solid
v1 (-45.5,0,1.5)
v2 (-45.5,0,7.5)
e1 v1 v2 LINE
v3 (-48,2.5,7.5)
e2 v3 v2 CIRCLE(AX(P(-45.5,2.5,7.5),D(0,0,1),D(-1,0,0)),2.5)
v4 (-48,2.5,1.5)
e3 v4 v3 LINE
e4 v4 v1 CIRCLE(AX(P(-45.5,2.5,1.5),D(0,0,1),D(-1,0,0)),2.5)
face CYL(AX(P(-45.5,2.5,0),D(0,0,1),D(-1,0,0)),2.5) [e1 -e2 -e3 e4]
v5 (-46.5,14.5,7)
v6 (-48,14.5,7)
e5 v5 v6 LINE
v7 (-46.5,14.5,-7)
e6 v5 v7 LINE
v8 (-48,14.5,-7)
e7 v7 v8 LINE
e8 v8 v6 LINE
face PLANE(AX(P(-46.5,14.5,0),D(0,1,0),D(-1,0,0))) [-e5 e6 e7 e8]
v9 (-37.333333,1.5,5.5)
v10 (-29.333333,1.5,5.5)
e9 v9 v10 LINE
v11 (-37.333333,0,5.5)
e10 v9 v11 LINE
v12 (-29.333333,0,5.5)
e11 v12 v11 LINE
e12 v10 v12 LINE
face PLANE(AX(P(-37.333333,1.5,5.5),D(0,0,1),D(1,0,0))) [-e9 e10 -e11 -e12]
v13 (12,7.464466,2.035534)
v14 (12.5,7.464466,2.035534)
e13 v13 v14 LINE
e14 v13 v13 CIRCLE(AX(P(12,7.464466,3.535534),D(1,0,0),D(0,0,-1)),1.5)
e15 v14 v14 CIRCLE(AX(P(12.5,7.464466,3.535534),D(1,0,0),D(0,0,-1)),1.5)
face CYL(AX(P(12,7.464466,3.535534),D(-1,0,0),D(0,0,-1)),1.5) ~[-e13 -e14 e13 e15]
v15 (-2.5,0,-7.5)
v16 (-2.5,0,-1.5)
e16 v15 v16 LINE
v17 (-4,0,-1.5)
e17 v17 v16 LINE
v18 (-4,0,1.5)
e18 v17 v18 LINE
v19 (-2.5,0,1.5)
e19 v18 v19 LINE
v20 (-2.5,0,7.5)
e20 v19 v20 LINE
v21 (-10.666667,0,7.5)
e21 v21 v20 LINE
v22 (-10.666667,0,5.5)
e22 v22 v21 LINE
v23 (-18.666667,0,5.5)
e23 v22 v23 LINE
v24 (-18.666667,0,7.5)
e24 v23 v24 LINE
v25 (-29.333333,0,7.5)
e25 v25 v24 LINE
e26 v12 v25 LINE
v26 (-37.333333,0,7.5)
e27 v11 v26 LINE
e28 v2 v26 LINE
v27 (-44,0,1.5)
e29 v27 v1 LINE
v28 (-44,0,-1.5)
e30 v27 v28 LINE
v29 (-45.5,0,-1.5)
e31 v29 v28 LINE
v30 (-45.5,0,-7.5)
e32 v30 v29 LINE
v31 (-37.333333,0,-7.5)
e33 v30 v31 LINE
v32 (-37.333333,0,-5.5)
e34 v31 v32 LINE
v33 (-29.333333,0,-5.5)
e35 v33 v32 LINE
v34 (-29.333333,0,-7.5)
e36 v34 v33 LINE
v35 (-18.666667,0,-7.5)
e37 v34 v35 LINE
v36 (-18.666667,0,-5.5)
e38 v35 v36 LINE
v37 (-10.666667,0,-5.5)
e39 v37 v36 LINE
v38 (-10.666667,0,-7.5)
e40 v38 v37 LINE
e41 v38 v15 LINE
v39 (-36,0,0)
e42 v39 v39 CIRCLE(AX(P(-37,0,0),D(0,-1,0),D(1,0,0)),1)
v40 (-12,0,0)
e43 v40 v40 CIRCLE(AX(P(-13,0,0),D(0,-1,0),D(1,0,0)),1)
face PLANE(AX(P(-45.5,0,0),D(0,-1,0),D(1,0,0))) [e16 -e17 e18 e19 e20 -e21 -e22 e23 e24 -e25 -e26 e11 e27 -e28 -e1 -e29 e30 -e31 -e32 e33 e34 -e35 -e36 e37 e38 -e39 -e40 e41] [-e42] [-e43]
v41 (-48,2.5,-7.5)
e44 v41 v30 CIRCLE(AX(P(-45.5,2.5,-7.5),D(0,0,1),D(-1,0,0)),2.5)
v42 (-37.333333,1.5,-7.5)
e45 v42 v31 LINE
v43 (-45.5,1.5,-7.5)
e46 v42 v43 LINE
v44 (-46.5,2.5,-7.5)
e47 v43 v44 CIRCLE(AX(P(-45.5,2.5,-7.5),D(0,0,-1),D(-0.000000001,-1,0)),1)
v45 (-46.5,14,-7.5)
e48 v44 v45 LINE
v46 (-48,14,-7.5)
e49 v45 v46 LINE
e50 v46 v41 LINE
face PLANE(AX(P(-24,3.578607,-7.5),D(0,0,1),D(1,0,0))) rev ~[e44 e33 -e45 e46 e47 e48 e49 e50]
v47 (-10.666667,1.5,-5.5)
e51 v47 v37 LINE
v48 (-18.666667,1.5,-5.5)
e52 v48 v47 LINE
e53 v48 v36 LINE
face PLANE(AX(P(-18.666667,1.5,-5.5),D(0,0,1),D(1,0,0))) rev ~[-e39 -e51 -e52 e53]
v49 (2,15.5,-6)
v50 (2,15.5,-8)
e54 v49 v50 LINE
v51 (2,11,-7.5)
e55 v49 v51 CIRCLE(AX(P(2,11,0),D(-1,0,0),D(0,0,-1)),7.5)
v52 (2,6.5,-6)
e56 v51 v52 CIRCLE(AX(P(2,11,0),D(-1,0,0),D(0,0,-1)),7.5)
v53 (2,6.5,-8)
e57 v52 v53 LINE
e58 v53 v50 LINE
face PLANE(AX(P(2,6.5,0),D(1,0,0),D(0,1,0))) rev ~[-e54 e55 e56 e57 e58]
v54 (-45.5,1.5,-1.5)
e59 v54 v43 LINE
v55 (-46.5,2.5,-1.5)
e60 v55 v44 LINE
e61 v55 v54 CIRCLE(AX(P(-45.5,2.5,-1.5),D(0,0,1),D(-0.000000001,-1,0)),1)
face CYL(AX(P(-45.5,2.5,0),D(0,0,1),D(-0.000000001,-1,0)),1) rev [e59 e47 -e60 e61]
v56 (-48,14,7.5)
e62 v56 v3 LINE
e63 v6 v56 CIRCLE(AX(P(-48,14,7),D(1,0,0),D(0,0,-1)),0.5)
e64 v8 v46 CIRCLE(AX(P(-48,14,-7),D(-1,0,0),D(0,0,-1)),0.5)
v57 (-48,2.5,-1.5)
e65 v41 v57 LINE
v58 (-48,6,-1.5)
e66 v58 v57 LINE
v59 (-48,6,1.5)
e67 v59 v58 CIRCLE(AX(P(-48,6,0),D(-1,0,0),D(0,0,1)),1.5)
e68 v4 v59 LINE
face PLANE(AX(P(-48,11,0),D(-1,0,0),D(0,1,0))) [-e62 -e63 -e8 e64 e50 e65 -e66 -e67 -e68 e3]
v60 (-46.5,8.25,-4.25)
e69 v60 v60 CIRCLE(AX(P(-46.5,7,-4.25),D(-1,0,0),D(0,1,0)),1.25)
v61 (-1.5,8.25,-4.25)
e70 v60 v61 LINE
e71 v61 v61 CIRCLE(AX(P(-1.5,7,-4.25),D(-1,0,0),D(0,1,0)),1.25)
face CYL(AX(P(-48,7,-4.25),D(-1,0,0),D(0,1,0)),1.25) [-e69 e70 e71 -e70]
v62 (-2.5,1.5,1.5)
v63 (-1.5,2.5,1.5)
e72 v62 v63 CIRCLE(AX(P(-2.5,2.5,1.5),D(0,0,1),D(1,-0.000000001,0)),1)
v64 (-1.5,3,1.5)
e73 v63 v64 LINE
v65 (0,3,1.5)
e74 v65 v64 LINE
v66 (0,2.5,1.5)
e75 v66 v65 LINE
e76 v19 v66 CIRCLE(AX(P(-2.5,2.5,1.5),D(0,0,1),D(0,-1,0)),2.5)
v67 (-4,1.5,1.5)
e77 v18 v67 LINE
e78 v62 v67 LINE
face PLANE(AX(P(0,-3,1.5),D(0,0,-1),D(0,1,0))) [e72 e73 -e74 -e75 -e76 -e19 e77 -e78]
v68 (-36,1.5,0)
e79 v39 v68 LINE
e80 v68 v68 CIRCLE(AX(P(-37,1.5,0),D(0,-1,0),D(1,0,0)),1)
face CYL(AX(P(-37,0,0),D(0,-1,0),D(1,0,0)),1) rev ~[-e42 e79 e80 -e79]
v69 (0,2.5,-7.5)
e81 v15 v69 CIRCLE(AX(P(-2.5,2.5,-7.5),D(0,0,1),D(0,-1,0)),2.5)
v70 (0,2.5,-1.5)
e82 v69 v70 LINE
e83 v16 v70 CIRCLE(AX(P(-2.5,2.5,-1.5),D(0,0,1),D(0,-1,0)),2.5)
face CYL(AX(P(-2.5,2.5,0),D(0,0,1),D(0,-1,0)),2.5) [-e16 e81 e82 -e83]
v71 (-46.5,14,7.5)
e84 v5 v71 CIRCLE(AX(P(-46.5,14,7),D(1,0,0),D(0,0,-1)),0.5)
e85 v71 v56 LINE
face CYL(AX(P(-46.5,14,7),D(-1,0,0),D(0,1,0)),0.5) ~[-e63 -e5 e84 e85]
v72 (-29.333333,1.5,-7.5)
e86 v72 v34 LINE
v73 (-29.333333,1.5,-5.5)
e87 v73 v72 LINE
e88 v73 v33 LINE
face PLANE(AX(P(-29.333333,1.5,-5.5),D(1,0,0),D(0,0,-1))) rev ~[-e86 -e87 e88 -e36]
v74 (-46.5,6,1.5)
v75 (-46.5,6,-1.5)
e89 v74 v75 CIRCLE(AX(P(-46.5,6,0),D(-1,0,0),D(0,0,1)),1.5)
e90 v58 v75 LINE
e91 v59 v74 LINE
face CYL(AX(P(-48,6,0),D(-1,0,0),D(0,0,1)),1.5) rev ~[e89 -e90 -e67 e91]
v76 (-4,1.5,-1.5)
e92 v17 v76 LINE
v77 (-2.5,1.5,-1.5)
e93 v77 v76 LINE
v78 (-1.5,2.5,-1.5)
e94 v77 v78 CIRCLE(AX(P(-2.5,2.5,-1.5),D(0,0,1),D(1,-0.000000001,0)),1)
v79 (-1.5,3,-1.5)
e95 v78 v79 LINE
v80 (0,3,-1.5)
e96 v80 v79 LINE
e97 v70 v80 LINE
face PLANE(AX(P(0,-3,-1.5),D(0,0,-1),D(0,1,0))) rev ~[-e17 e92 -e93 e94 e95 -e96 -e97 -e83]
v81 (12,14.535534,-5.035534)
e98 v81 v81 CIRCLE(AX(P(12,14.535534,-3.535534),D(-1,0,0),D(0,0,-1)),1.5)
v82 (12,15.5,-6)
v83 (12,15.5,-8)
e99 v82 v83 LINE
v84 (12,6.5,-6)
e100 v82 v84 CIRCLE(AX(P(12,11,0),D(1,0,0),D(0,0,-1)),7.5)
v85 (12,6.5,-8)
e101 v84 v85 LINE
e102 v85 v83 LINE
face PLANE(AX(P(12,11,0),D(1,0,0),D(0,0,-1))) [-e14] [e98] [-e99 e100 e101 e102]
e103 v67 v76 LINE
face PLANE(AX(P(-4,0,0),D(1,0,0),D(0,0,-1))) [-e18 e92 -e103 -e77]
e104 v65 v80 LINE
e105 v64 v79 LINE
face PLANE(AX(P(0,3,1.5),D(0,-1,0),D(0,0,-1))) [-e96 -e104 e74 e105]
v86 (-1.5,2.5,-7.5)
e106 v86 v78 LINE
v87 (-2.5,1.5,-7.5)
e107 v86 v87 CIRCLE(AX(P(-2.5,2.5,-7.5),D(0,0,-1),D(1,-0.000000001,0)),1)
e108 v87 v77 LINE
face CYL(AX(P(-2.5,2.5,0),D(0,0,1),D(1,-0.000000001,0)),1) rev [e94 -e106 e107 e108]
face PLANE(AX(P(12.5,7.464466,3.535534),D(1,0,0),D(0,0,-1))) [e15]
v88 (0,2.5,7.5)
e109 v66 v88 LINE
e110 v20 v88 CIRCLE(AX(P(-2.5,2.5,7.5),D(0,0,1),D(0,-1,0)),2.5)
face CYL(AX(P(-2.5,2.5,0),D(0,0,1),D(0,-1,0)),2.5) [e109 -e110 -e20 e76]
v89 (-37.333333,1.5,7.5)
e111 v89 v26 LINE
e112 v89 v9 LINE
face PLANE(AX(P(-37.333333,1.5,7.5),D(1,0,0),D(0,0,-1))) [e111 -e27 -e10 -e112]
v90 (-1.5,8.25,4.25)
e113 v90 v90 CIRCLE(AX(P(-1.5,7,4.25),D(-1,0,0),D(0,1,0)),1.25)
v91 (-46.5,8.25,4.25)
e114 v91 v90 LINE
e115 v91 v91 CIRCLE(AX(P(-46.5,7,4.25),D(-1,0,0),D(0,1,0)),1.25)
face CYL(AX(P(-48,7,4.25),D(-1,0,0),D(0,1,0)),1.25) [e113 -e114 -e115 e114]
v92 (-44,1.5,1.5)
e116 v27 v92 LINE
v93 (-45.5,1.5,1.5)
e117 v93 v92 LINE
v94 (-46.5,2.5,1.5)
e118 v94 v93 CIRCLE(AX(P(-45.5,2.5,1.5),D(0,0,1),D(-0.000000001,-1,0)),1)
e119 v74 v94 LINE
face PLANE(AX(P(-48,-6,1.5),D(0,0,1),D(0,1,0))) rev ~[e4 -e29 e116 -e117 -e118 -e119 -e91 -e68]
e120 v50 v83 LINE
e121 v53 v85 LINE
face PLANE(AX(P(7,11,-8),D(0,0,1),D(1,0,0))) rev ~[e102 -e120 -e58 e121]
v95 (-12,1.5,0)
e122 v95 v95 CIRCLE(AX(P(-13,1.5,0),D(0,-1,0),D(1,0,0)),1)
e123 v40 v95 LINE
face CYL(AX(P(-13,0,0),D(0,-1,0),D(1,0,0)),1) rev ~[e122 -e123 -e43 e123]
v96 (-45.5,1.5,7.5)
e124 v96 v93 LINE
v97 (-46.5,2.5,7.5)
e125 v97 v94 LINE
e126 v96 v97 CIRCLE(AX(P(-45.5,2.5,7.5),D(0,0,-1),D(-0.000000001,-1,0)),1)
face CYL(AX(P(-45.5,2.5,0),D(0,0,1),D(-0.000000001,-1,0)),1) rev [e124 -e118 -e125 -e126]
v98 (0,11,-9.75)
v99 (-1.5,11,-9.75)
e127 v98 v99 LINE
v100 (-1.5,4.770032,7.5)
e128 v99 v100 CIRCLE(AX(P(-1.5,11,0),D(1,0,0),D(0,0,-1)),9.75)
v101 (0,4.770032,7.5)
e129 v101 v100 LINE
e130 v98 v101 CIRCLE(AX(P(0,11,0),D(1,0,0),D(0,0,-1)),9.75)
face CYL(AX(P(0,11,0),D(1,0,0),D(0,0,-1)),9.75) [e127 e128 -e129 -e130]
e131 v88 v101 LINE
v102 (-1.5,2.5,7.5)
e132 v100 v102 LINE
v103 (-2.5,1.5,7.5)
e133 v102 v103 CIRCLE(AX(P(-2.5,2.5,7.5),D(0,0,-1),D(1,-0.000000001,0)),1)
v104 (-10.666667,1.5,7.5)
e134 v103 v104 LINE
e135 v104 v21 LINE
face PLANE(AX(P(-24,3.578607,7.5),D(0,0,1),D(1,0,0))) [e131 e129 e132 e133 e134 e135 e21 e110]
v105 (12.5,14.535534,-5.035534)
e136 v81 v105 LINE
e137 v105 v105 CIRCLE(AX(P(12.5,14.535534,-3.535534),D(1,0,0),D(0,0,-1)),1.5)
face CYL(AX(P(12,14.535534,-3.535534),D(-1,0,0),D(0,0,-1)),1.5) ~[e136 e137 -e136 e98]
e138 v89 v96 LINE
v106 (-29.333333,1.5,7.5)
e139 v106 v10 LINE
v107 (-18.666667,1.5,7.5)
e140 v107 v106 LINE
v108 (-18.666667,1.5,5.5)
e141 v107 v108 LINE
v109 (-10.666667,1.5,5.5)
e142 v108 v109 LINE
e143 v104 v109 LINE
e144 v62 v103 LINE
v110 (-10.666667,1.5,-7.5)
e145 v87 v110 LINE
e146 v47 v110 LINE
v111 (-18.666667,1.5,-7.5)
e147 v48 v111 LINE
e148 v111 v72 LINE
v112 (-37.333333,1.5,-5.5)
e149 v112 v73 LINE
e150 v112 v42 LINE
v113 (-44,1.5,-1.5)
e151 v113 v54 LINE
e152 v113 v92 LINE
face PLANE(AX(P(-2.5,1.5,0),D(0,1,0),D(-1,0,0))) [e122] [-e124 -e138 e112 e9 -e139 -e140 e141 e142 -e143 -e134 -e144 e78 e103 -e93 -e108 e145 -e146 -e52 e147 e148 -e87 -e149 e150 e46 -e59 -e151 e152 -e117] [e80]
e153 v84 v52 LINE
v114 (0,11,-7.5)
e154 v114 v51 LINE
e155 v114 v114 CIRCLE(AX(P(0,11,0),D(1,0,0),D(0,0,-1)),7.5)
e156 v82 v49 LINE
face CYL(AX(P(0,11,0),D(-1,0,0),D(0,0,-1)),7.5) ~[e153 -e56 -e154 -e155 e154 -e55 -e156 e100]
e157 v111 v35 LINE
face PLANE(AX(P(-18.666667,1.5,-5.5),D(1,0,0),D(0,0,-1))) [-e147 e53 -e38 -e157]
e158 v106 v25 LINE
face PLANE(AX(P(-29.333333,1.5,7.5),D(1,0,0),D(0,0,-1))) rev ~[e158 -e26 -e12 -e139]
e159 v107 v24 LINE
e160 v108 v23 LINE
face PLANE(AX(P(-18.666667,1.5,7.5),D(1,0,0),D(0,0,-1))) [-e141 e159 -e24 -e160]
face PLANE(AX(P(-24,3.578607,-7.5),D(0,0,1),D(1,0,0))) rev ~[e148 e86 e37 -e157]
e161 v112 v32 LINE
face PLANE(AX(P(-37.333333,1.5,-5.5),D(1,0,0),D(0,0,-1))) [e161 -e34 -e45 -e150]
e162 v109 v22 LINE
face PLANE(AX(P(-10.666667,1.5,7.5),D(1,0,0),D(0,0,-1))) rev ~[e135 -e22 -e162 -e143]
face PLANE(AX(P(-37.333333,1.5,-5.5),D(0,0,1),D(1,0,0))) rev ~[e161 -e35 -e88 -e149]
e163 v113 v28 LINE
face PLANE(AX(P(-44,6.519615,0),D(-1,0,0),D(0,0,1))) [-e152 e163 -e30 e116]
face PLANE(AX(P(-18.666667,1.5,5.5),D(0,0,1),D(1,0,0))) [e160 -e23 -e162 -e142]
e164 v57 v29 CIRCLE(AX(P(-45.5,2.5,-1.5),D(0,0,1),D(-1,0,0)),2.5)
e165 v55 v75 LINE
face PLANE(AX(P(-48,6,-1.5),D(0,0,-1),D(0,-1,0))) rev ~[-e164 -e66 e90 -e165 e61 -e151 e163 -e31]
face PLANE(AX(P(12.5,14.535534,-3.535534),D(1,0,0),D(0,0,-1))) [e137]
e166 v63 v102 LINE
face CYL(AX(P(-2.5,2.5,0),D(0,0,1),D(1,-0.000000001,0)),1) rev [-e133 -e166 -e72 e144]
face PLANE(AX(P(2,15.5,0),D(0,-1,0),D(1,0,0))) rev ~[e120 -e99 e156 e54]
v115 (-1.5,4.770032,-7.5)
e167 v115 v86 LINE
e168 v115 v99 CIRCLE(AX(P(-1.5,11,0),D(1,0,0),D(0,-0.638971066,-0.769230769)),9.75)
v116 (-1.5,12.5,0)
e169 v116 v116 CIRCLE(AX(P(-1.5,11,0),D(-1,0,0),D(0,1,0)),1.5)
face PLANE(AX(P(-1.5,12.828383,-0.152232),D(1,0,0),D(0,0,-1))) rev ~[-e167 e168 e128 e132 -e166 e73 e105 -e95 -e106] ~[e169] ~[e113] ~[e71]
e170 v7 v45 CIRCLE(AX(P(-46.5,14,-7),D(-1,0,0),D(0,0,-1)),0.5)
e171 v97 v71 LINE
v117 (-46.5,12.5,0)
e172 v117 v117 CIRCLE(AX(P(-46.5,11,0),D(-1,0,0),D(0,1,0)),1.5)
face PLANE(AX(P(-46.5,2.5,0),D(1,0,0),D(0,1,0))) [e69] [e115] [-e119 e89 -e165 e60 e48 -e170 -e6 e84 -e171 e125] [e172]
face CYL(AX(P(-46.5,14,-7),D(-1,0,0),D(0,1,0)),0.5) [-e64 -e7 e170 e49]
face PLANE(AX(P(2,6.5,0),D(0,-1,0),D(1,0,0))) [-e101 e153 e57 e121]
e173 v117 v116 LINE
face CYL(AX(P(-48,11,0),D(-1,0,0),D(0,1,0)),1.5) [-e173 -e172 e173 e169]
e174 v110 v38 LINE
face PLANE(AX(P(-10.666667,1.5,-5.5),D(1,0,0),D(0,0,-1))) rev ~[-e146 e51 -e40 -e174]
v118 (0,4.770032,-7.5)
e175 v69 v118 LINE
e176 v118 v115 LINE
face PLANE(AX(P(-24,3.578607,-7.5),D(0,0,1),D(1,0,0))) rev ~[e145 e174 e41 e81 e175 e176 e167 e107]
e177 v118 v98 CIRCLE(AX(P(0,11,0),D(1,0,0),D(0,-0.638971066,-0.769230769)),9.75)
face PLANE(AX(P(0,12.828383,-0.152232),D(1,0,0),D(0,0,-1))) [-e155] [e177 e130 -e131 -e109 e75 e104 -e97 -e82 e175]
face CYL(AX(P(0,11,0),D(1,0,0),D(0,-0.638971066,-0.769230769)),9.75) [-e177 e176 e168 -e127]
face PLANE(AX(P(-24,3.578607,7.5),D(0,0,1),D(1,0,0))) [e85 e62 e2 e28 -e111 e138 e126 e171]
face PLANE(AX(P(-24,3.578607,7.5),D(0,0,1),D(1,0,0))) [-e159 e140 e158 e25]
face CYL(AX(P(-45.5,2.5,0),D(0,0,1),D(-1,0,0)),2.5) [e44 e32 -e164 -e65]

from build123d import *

# Parameters (mm, degrees)
BOSS_EXTRUDE1_DEPTH = 7.5
BOSS_EXTRUDE2_DEPTH = 1.5
SKETCH4_R           = 7.5
BOSS_EXTRUDE3_DEPTH = 12
SKETCH5_R           = 1.5
SKETCH5_R_2         = 1.25
BOSS_EXTRUDE4_DEPTH = 46.5
SKETCH6_R           = 1
CUT_EXTRUDE1_DEPTH  = 1.5
SKETCH7_R           = 1.5
BOSS_EXTRUDE5_DEPTH = 0.5
SKETCH8_W           = 8
SKETCH8_H           = 2
CUT_EXTRUDE2_DEPTH  = 53.627226794
FILLET1_R           = 0.5
SKETCH9_W           = 3
SKETCH9_H           = 3.5
SKETCH9_H_2         = 8.5
CUT_EXTRUDE3_DEPTH  = 4
SKETCH10_W          = 3
SKETCH10_H          = 6
CUT_EXTRUDE4_DEPTH  = 4
SKETCH12_W          = 10
SKETCH12_H          = 9
BOSS_EXTRUDE6_DEPTH = 8


with BuildPart() as part:
    # Sketch1 → Boss-Extrude1 (new, symmetric)
    with BuildSketch(Plane.XY):
        with BuildLine():
            Line((-46.5, 14.5), (-48, 14.5))
            Line((-48, 14.5), (-48, 2.5))
            ThreePointArc((-48, 2.5), (-47.267766953, 0.732233047), (-45.5, 0))
            Line((-45.5, 0), (-2.5, 0))
            ThreePointArc((-2.5, 0), (-0.732233047, 0.732233047), (0, 2.5))
            Line((0, 2.5), (0, 14.5))
            Line((0, 14.5), (-1.5, 14.5))
            Line((-1.5, 14.5), (-1.5, 2.5))
            ThreePointArc((-1.5, 2.5), (-1.792893219, 1.792893219), (-2.5, 1.5))
            Line((-2.5, 1.5), (-45.5, 1.5))
            ThreePointArc((-45.5, 1.5), (-46.207106781, 1.792893219), (-46.5, 2.5))
            Line((-46.5, 2.5), (-46.5, 14.5))
        make_face()
    extrude(amount=BOSS_EXTRUDE1_DEPTH, both=True)

    # Sketch3 → Boss-Extrude2 (add)
    with BuildSketch(Plane(origin=(0, 0, 0), x_dir=(0, 0, -1), z_dir=(1, 0, 0))):
        with BuildLine():
            ThreePointArc((7.5, 4.770032103), (9.170264445, 7.688089675), (9.75, 11))
            ThreePointArc((9.75, 11), (-3.311910325, 20.170264445), (-7.5, 4.770032103))
            Line((-7.5, 4.770032103), (-7.5, 14.5))
            Line((-7.5, 14.5), (7.5, 14.5))
            Line((7.5, 14.5), (7.5, 4.770032103))
        make_face()
    extrude(amount=-BOSS_EXTRUDE2_DEPTH)

    # Sketch4 → Boss-Extrude3 (add)
    with BuildSketch(Plane(origin=(0, 0, 0), x_dir=(0, 0, -1), z_dir=(1, 0, 0))):
        with Locations((0, 11)):
            Circle(SKETCH4_R)
    extrude(amount=BOSS_EXTRUDE3_DEPTH)

    # Sketch5 → Boss-Extrude4 (add)
    with BuildSketch(Plane.ZY.offset(48)):
        with Locations(Location((0, 11, 0), (0, 0, 90))):
            Circle(SKETCH5_R)
        with Locations(Location((4.25, 7, 0), (0, 0, 90))):
            Circle(SKETCH5_R_2)
        with Locations(Location((-4.25, 7, 0), (0, 0, 90))):
            Circle(SKETCH5_R_2)
    extrude(amount=-BOSS_EXTRUDE4_DEPTH)

    # Sketch6 → Cut-Extrude1 (cut)
    with BuildSketch(Plane.XZ):
        with Locations((-37, 0)):
            Circle(SKETCH6_R)
        with Locations((-13, 0)):
            Circle(SKETCH6_R)
    extrude(amount=-CUT_EXTRUDE1_DEPTH, mode=Mode.SUBTRACT)

    # Sketch7 → Boss-Extrude5 (add)
    with BuildSketch(Plane(origin=(12, 0, 0), x_dir=(0, 0, -1), z_dir=(1, 0, 0))):
        with Locations((3.535533906, 14.535533906)):
            Circle(SKETCH7_R)
        with Locations((-3.535533906, 7.464466094)):
            Circle(SKETCH7_R)
    extrude(amount=BOSS_EXTRUDE5_DEPTH)

    # Sketch8 → Cut-Extrude2 (cut, through all)
    with BuildSketch(Plane(origin=(0, 1.5, 0), x_dir=(1, 0, 0), z_dir=(0, 1, 0))):
        with Locations((-33.333333333, -6.5)):
            Rectangle(SKETCH8_W, SKETCH8_H)
        with Locations((-14.666666667, -6.5)):
            Rectangle(SKETCH8_W, SKETCH8_H)
        with Locations((-14.666666667, 6.5)):
            Rectangle(SKETCH8_W, SKETCH8_H)
        with Locations((-33.333333333, 6.5)):
            Rectangle(SKETCH8_W, SKETCH8_H)
    extrude(amount=-CUT_EXTRUDE2_DEPTH, mode=Mode.SUBTRACT)

    # Fillet1
    fillet1_edges = [part.edges().sort_by_distance(p)[0] for p in [
        (-47.25, 14.5, -7.5),
        (-47.25, 14.5, 7.5),
    ]]
    fillet(fillet1_edges, radius=FILLET1_R)

    # Sketch9 → Cut-Extrude3 (cut)
    with BuildSketch(Plane.ZY.offset(48)):
        with BuildLine():
            Line((-1.5, 6), (1.5, 6))
            ThreePointArc((1.5, 6), (0, 7.5), (-1.5, 6))
        make_face()
        with Locations((0, 4.25)):
            Rectangle(SKETCH9_W, SKETCH9_H)
        with Locations((0, -1.75)):
            Rectangle(SKETCH9_W, SKETCH9_H_2)
    extrude(amount=-CUT_EXTRUDE3_DEPTH, mode=Mode.SUBTRACT)

    # Sketch10 → Cut-Extrude4 (cut)
    with BuildSketch(Plane(origin=(0, 0, 0), x_dir=(0, 0, -1), z_dir=(1, 0, 0))):
        Rectangle(SKETCH10_W, SKETCH10_H)
    extrude(amount=-CUT_EXTRUDE4_DEPTH, mode=Mode.SUBTRACT)

    # Sketch12 → Boss-Extrude6 (add)
    with BuildSketch(Plane.XY):
        with Locations((7, 11)):
            Rectangle(SKETCH12_W, SKETCH12_H)
    extrude(amount=-BOSS_EXTRUDE6_DEPTH)


solid = part.part
